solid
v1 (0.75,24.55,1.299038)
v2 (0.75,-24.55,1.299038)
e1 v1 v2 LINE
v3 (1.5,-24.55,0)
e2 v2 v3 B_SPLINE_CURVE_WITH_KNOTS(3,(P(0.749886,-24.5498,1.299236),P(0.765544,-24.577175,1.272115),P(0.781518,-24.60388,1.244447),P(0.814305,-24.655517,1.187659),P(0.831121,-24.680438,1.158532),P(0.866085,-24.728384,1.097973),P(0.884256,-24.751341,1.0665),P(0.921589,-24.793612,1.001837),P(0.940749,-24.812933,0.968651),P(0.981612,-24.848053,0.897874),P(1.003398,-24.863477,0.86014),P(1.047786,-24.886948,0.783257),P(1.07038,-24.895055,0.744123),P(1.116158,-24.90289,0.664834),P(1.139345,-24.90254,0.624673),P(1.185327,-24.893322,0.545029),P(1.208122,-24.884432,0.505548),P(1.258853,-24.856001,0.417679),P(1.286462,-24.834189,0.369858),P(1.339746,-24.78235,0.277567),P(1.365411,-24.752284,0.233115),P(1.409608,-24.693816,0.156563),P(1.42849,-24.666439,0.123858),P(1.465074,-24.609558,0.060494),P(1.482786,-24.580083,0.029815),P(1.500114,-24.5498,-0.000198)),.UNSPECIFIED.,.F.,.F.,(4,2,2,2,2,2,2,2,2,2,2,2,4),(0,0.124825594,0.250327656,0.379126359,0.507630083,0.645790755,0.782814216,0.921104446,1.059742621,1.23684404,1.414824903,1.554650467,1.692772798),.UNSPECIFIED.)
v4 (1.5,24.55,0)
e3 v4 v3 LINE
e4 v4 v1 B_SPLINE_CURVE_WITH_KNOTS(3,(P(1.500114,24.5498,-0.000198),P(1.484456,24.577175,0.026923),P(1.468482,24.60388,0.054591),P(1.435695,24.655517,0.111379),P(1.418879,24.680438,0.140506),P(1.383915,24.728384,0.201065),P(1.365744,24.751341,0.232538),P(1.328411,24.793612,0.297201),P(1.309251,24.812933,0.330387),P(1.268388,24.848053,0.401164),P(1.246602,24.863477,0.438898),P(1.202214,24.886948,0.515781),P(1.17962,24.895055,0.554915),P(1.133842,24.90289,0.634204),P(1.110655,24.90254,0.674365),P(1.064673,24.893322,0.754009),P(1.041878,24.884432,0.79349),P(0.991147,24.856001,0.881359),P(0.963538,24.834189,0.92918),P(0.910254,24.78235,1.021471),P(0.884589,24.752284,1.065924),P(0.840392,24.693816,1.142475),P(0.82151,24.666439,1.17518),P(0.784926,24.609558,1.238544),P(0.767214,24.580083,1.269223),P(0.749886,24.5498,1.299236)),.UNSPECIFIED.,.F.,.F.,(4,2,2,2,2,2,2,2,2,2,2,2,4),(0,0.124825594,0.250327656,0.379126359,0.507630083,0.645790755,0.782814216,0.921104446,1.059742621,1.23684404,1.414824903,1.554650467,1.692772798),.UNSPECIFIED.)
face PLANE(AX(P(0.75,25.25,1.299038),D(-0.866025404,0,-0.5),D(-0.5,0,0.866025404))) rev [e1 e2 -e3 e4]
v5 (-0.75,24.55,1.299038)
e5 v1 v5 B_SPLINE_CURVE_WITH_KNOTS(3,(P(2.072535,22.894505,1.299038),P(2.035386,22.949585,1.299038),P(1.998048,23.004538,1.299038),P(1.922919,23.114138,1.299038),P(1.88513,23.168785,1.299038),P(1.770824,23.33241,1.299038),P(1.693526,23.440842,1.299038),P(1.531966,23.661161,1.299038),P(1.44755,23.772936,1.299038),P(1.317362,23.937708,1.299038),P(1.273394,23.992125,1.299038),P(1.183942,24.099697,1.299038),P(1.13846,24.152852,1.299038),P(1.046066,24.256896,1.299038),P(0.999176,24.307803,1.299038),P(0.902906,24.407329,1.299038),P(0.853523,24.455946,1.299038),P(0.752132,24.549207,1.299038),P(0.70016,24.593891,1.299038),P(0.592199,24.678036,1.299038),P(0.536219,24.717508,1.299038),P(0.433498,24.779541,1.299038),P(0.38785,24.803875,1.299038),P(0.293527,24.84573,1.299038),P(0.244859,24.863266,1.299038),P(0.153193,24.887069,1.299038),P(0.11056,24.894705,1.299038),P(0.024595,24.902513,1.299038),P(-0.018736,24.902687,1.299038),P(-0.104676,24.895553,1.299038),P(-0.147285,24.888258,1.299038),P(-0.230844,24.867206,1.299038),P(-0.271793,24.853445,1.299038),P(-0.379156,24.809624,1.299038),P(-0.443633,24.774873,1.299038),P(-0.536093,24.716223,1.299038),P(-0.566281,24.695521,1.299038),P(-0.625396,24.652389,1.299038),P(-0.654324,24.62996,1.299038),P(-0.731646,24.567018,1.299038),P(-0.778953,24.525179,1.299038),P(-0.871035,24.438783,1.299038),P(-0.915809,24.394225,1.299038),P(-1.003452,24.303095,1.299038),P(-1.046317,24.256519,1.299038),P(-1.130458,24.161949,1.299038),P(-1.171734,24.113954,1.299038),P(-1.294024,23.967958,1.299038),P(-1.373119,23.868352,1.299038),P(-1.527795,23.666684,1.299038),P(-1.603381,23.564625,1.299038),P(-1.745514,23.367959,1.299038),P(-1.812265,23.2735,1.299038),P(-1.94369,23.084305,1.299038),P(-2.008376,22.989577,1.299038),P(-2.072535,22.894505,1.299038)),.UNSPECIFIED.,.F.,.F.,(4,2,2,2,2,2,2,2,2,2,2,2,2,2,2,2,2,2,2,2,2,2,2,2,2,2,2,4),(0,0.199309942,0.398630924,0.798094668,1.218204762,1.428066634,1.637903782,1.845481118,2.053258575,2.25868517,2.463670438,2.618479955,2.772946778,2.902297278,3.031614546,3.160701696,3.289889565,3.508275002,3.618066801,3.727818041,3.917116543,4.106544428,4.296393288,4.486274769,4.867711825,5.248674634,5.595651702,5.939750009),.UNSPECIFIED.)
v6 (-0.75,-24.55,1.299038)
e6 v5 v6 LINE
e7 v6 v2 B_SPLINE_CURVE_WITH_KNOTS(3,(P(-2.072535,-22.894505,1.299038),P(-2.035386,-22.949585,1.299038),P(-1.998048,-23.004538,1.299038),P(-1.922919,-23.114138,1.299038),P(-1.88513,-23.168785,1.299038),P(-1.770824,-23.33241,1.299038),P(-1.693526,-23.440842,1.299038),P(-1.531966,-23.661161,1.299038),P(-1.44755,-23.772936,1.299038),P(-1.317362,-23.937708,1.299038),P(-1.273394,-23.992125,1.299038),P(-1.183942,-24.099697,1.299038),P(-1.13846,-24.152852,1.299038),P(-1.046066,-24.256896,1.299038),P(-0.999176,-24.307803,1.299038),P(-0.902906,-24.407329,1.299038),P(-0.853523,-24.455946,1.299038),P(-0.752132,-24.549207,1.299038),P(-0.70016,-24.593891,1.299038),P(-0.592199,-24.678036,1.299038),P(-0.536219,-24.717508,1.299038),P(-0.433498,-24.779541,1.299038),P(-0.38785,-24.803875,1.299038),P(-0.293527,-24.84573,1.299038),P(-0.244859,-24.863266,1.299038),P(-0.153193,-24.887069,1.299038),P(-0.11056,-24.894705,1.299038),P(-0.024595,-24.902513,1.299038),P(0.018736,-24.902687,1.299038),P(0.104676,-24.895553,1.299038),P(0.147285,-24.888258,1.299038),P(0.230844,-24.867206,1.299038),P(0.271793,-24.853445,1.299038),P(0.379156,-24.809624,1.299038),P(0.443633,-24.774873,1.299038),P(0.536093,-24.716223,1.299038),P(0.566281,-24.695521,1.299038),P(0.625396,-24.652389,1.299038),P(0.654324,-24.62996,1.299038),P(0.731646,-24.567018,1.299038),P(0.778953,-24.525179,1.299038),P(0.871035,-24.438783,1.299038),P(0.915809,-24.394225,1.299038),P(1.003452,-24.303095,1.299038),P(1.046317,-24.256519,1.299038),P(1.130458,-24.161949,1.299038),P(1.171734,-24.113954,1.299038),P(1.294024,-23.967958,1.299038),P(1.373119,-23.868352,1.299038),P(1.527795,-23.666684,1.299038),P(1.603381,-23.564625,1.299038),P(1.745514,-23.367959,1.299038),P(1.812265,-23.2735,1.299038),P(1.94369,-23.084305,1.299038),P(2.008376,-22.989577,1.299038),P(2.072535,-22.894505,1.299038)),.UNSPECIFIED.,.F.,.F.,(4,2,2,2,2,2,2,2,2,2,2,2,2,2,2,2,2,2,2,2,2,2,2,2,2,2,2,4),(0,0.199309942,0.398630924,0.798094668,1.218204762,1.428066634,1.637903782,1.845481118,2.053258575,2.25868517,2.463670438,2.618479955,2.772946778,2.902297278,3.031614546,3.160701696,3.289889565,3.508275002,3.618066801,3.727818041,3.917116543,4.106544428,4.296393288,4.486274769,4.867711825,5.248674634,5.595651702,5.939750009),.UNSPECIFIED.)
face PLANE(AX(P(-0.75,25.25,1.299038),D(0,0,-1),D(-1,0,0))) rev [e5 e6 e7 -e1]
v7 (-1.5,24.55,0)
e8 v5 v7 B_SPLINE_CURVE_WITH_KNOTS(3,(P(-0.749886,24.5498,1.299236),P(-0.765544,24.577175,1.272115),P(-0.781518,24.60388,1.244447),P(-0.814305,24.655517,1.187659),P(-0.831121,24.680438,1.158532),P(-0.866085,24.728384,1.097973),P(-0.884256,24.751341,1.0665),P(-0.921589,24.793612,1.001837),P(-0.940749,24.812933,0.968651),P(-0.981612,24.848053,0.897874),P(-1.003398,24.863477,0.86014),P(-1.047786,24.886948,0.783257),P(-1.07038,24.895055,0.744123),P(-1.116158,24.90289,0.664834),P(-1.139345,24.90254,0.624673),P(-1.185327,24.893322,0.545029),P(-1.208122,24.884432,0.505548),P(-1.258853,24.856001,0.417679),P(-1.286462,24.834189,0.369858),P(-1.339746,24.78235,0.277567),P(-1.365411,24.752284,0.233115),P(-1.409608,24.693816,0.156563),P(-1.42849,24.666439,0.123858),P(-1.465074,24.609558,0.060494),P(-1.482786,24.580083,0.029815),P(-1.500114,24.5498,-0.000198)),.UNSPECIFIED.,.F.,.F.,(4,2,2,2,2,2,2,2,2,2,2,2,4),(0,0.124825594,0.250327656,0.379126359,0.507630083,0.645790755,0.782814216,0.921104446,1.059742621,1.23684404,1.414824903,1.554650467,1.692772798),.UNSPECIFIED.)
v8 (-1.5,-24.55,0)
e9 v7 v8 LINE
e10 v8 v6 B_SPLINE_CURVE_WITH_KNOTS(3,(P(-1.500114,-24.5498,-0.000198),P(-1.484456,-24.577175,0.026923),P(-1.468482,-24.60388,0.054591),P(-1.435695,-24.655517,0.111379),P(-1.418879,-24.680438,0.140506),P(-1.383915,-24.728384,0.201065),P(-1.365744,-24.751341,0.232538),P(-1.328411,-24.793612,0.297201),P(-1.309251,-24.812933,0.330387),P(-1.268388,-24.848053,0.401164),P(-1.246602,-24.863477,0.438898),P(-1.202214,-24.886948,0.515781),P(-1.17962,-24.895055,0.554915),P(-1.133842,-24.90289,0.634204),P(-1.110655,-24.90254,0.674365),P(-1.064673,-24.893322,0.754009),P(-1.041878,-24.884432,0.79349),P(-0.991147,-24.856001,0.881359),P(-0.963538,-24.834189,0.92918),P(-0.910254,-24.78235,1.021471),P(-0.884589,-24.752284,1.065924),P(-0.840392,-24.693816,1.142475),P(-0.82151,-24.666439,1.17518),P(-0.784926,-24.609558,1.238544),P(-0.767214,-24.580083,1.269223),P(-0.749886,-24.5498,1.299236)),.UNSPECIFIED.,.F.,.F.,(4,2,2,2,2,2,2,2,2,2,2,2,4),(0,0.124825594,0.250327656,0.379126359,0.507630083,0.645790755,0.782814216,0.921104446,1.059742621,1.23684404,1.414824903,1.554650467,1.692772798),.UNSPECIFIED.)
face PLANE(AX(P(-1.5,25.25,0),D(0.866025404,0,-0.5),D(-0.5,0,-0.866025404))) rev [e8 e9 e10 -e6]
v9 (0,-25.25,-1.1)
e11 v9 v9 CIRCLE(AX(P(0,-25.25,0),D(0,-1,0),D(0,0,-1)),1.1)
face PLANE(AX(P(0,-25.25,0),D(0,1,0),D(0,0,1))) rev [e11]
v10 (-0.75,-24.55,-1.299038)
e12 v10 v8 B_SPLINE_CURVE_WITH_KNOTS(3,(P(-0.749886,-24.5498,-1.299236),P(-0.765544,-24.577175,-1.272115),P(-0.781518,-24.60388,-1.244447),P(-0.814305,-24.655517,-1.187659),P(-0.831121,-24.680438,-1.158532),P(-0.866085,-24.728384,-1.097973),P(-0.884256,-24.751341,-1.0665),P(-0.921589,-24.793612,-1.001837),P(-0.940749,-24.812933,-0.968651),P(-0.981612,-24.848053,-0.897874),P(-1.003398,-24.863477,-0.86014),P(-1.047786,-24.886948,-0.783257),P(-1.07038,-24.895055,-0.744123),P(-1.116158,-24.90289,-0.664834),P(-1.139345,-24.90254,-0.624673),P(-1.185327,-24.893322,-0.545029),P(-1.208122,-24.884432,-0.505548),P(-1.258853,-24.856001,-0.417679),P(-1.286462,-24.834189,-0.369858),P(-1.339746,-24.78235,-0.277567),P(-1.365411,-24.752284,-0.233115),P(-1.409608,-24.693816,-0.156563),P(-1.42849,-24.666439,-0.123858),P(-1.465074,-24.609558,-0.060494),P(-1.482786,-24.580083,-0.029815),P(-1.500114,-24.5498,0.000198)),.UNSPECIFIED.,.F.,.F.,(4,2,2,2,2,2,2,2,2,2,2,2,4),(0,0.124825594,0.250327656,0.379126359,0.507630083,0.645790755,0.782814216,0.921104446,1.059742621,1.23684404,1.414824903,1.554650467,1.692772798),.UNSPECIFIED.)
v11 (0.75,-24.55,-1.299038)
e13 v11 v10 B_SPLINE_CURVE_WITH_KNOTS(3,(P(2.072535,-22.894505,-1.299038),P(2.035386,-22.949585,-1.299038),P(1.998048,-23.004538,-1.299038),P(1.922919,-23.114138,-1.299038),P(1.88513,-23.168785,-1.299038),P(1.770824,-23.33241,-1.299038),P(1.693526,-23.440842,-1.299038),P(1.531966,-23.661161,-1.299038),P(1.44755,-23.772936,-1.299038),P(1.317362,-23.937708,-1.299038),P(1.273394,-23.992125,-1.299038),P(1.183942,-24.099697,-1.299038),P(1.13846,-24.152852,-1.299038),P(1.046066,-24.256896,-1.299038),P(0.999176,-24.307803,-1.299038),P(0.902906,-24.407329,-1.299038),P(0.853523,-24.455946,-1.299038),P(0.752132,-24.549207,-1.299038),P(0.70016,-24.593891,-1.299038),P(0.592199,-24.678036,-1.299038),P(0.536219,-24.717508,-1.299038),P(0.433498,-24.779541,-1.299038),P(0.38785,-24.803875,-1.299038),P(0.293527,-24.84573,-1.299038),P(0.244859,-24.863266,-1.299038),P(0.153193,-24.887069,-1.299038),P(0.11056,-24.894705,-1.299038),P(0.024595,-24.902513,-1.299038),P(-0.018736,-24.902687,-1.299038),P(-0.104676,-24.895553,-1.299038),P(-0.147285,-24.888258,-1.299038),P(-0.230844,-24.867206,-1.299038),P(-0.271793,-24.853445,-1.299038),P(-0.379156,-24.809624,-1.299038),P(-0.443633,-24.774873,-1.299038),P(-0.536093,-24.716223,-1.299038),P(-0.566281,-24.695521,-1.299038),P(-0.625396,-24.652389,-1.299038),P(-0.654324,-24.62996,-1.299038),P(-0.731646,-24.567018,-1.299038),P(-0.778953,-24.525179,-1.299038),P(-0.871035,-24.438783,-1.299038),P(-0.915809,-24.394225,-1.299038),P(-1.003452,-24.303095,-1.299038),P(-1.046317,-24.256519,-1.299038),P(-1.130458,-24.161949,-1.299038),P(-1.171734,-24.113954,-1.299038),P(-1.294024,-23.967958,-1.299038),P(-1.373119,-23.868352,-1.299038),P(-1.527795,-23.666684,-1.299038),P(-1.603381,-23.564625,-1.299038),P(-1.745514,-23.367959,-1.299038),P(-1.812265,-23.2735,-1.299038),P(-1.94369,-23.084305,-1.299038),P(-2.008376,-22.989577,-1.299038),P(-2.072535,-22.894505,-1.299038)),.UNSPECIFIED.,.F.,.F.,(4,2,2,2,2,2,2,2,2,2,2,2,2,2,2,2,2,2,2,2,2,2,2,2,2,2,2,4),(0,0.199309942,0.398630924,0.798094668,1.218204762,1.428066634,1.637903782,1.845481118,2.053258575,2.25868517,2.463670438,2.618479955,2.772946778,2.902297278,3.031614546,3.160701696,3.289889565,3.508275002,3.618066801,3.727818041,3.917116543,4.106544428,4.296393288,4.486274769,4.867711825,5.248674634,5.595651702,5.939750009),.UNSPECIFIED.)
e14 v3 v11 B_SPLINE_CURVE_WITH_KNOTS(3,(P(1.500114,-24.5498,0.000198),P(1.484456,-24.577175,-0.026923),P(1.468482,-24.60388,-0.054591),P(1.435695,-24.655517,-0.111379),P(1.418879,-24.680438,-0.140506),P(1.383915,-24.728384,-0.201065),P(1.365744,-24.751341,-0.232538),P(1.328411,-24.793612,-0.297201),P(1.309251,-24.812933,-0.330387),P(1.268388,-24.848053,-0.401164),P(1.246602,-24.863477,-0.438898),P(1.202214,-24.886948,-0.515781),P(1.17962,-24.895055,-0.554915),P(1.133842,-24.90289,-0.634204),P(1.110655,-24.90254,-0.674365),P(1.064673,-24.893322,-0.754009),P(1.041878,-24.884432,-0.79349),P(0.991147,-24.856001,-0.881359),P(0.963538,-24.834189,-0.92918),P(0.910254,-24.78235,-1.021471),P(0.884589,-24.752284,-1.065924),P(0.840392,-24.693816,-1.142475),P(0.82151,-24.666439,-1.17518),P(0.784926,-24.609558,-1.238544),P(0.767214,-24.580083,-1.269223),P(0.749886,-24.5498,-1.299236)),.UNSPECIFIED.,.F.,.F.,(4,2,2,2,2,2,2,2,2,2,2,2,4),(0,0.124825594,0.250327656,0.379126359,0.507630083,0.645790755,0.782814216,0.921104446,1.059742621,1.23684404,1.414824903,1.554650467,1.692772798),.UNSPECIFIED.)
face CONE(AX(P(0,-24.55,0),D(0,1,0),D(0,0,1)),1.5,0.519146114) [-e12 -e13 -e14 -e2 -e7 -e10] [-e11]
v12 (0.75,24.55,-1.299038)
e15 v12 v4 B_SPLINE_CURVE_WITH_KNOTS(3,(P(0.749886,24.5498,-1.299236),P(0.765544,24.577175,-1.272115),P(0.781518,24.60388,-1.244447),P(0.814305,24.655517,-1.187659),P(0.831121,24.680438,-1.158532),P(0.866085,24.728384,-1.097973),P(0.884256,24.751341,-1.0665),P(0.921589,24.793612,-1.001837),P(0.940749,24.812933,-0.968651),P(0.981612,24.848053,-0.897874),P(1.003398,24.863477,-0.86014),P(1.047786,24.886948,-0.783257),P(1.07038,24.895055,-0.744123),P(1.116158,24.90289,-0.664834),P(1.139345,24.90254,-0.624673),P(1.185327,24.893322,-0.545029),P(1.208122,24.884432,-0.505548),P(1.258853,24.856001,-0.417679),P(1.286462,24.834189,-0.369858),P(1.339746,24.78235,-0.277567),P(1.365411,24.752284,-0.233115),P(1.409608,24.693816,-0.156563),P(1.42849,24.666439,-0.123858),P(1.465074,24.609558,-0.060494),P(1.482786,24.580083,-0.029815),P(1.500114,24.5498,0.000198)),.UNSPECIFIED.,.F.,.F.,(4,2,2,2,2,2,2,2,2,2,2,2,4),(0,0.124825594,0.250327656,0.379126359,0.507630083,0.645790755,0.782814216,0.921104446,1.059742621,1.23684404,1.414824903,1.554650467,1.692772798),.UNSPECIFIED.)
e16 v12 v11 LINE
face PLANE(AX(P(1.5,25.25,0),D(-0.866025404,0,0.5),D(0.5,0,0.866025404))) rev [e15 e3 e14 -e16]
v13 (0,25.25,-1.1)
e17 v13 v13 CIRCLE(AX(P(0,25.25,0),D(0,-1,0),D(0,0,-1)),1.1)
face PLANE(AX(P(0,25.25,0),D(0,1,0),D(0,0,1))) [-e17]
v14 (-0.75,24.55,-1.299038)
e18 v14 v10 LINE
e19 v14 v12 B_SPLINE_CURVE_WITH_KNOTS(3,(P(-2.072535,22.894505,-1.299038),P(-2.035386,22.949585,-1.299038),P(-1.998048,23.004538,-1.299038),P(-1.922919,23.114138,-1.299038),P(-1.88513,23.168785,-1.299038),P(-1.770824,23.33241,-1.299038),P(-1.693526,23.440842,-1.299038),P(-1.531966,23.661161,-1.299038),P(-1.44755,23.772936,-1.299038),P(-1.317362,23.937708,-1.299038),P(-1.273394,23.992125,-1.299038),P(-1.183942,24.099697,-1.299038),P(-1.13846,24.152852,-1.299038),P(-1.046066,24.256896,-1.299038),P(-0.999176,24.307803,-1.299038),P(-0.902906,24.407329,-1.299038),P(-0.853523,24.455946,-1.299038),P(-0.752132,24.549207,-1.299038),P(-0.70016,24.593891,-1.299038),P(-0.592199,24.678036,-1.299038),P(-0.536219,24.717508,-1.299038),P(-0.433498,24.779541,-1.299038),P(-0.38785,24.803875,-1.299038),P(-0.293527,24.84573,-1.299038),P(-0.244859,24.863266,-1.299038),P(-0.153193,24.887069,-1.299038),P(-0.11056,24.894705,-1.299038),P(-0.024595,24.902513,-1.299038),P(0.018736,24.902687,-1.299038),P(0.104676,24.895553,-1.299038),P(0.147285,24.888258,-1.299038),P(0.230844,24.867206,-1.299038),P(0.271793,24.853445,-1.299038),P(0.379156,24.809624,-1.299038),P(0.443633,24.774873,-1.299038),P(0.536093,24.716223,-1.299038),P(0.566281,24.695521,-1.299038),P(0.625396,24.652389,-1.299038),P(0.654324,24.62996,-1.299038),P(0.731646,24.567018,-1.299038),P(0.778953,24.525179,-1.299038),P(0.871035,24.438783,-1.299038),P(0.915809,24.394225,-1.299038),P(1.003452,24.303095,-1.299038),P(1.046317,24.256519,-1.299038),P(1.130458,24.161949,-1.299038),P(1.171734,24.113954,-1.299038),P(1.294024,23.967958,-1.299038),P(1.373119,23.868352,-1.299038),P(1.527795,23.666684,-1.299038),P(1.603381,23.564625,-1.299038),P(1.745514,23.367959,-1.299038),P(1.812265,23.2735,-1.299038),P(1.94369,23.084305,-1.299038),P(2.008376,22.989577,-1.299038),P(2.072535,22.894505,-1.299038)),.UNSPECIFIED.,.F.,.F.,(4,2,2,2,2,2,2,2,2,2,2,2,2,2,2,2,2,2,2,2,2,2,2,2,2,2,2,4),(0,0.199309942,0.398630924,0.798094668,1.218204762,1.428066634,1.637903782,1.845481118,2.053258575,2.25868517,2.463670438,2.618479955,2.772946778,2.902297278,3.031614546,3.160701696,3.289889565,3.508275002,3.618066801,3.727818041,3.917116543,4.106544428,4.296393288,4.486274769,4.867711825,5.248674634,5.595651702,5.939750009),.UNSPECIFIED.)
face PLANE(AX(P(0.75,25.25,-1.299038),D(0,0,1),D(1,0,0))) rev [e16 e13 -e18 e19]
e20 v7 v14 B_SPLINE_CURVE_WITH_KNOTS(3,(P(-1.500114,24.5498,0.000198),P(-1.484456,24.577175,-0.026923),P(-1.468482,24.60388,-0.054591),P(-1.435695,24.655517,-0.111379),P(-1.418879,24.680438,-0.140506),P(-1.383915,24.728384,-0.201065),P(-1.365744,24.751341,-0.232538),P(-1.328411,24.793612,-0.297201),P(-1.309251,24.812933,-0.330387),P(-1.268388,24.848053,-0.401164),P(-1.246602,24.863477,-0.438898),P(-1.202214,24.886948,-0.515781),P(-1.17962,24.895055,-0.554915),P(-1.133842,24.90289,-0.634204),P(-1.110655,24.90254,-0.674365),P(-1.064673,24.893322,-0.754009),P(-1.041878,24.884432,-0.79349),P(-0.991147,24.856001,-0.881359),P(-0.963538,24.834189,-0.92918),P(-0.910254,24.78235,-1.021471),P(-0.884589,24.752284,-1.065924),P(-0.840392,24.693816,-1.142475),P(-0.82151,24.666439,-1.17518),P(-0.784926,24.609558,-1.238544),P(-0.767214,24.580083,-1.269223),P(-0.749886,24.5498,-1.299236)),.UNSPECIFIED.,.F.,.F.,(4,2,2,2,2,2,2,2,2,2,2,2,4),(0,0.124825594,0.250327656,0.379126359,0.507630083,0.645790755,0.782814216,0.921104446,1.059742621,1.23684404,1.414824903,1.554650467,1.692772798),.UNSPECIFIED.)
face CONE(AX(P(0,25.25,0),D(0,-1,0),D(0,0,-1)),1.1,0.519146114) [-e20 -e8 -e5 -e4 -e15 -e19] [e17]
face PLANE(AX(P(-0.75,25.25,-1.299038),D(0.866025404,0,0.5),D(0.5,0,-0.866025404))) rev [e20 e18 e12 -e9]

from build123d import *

# Parameters (mm, degrees)
BOSS_EXTRUDE1_DEPTH = 25.25


with BuildPart() as part:
    # Sketch1 → Boss-Extrude1 (new, symmetric)
    with BuildSketch(Plane(origin=(0, 0, 0), x_dir=(1, 0, 0), z_dir=(0, 1, 0))):
        Polygon((1.5, 0), (0.75, 1.299038106), (-0.75, 1.299038106), (-1.5, 0), (-0.75, -1.299038106), (0.75, -1.299038106), align=None)
    extrude(amount=BOSS_EXTRUDE1_DEPTH, both=True)

    # Sketch2 → Cut-Revolve1 (revolve, cut)
    with BuildSketch(Plane.XY, mode=Mode.PRIVATE) as cut_revolve1_sk:
        Polygon((1.5, 25.25), (1.5, 24.55), (1.1, 25.25), align=None)
        Polygon((1.5, -25.25), (1.5, -24.55), (1.1, -25.25), align=None)
    revolve(cut_revolve1_sk.sketch.rotate(Axis((0, -25.25, 0), (0, 1, 0)), 300.000003979), axis=Axis((0, -25.25, 0), (0, 1, 0)), mode=Mode.SUBTRACT)


solid = part.part
